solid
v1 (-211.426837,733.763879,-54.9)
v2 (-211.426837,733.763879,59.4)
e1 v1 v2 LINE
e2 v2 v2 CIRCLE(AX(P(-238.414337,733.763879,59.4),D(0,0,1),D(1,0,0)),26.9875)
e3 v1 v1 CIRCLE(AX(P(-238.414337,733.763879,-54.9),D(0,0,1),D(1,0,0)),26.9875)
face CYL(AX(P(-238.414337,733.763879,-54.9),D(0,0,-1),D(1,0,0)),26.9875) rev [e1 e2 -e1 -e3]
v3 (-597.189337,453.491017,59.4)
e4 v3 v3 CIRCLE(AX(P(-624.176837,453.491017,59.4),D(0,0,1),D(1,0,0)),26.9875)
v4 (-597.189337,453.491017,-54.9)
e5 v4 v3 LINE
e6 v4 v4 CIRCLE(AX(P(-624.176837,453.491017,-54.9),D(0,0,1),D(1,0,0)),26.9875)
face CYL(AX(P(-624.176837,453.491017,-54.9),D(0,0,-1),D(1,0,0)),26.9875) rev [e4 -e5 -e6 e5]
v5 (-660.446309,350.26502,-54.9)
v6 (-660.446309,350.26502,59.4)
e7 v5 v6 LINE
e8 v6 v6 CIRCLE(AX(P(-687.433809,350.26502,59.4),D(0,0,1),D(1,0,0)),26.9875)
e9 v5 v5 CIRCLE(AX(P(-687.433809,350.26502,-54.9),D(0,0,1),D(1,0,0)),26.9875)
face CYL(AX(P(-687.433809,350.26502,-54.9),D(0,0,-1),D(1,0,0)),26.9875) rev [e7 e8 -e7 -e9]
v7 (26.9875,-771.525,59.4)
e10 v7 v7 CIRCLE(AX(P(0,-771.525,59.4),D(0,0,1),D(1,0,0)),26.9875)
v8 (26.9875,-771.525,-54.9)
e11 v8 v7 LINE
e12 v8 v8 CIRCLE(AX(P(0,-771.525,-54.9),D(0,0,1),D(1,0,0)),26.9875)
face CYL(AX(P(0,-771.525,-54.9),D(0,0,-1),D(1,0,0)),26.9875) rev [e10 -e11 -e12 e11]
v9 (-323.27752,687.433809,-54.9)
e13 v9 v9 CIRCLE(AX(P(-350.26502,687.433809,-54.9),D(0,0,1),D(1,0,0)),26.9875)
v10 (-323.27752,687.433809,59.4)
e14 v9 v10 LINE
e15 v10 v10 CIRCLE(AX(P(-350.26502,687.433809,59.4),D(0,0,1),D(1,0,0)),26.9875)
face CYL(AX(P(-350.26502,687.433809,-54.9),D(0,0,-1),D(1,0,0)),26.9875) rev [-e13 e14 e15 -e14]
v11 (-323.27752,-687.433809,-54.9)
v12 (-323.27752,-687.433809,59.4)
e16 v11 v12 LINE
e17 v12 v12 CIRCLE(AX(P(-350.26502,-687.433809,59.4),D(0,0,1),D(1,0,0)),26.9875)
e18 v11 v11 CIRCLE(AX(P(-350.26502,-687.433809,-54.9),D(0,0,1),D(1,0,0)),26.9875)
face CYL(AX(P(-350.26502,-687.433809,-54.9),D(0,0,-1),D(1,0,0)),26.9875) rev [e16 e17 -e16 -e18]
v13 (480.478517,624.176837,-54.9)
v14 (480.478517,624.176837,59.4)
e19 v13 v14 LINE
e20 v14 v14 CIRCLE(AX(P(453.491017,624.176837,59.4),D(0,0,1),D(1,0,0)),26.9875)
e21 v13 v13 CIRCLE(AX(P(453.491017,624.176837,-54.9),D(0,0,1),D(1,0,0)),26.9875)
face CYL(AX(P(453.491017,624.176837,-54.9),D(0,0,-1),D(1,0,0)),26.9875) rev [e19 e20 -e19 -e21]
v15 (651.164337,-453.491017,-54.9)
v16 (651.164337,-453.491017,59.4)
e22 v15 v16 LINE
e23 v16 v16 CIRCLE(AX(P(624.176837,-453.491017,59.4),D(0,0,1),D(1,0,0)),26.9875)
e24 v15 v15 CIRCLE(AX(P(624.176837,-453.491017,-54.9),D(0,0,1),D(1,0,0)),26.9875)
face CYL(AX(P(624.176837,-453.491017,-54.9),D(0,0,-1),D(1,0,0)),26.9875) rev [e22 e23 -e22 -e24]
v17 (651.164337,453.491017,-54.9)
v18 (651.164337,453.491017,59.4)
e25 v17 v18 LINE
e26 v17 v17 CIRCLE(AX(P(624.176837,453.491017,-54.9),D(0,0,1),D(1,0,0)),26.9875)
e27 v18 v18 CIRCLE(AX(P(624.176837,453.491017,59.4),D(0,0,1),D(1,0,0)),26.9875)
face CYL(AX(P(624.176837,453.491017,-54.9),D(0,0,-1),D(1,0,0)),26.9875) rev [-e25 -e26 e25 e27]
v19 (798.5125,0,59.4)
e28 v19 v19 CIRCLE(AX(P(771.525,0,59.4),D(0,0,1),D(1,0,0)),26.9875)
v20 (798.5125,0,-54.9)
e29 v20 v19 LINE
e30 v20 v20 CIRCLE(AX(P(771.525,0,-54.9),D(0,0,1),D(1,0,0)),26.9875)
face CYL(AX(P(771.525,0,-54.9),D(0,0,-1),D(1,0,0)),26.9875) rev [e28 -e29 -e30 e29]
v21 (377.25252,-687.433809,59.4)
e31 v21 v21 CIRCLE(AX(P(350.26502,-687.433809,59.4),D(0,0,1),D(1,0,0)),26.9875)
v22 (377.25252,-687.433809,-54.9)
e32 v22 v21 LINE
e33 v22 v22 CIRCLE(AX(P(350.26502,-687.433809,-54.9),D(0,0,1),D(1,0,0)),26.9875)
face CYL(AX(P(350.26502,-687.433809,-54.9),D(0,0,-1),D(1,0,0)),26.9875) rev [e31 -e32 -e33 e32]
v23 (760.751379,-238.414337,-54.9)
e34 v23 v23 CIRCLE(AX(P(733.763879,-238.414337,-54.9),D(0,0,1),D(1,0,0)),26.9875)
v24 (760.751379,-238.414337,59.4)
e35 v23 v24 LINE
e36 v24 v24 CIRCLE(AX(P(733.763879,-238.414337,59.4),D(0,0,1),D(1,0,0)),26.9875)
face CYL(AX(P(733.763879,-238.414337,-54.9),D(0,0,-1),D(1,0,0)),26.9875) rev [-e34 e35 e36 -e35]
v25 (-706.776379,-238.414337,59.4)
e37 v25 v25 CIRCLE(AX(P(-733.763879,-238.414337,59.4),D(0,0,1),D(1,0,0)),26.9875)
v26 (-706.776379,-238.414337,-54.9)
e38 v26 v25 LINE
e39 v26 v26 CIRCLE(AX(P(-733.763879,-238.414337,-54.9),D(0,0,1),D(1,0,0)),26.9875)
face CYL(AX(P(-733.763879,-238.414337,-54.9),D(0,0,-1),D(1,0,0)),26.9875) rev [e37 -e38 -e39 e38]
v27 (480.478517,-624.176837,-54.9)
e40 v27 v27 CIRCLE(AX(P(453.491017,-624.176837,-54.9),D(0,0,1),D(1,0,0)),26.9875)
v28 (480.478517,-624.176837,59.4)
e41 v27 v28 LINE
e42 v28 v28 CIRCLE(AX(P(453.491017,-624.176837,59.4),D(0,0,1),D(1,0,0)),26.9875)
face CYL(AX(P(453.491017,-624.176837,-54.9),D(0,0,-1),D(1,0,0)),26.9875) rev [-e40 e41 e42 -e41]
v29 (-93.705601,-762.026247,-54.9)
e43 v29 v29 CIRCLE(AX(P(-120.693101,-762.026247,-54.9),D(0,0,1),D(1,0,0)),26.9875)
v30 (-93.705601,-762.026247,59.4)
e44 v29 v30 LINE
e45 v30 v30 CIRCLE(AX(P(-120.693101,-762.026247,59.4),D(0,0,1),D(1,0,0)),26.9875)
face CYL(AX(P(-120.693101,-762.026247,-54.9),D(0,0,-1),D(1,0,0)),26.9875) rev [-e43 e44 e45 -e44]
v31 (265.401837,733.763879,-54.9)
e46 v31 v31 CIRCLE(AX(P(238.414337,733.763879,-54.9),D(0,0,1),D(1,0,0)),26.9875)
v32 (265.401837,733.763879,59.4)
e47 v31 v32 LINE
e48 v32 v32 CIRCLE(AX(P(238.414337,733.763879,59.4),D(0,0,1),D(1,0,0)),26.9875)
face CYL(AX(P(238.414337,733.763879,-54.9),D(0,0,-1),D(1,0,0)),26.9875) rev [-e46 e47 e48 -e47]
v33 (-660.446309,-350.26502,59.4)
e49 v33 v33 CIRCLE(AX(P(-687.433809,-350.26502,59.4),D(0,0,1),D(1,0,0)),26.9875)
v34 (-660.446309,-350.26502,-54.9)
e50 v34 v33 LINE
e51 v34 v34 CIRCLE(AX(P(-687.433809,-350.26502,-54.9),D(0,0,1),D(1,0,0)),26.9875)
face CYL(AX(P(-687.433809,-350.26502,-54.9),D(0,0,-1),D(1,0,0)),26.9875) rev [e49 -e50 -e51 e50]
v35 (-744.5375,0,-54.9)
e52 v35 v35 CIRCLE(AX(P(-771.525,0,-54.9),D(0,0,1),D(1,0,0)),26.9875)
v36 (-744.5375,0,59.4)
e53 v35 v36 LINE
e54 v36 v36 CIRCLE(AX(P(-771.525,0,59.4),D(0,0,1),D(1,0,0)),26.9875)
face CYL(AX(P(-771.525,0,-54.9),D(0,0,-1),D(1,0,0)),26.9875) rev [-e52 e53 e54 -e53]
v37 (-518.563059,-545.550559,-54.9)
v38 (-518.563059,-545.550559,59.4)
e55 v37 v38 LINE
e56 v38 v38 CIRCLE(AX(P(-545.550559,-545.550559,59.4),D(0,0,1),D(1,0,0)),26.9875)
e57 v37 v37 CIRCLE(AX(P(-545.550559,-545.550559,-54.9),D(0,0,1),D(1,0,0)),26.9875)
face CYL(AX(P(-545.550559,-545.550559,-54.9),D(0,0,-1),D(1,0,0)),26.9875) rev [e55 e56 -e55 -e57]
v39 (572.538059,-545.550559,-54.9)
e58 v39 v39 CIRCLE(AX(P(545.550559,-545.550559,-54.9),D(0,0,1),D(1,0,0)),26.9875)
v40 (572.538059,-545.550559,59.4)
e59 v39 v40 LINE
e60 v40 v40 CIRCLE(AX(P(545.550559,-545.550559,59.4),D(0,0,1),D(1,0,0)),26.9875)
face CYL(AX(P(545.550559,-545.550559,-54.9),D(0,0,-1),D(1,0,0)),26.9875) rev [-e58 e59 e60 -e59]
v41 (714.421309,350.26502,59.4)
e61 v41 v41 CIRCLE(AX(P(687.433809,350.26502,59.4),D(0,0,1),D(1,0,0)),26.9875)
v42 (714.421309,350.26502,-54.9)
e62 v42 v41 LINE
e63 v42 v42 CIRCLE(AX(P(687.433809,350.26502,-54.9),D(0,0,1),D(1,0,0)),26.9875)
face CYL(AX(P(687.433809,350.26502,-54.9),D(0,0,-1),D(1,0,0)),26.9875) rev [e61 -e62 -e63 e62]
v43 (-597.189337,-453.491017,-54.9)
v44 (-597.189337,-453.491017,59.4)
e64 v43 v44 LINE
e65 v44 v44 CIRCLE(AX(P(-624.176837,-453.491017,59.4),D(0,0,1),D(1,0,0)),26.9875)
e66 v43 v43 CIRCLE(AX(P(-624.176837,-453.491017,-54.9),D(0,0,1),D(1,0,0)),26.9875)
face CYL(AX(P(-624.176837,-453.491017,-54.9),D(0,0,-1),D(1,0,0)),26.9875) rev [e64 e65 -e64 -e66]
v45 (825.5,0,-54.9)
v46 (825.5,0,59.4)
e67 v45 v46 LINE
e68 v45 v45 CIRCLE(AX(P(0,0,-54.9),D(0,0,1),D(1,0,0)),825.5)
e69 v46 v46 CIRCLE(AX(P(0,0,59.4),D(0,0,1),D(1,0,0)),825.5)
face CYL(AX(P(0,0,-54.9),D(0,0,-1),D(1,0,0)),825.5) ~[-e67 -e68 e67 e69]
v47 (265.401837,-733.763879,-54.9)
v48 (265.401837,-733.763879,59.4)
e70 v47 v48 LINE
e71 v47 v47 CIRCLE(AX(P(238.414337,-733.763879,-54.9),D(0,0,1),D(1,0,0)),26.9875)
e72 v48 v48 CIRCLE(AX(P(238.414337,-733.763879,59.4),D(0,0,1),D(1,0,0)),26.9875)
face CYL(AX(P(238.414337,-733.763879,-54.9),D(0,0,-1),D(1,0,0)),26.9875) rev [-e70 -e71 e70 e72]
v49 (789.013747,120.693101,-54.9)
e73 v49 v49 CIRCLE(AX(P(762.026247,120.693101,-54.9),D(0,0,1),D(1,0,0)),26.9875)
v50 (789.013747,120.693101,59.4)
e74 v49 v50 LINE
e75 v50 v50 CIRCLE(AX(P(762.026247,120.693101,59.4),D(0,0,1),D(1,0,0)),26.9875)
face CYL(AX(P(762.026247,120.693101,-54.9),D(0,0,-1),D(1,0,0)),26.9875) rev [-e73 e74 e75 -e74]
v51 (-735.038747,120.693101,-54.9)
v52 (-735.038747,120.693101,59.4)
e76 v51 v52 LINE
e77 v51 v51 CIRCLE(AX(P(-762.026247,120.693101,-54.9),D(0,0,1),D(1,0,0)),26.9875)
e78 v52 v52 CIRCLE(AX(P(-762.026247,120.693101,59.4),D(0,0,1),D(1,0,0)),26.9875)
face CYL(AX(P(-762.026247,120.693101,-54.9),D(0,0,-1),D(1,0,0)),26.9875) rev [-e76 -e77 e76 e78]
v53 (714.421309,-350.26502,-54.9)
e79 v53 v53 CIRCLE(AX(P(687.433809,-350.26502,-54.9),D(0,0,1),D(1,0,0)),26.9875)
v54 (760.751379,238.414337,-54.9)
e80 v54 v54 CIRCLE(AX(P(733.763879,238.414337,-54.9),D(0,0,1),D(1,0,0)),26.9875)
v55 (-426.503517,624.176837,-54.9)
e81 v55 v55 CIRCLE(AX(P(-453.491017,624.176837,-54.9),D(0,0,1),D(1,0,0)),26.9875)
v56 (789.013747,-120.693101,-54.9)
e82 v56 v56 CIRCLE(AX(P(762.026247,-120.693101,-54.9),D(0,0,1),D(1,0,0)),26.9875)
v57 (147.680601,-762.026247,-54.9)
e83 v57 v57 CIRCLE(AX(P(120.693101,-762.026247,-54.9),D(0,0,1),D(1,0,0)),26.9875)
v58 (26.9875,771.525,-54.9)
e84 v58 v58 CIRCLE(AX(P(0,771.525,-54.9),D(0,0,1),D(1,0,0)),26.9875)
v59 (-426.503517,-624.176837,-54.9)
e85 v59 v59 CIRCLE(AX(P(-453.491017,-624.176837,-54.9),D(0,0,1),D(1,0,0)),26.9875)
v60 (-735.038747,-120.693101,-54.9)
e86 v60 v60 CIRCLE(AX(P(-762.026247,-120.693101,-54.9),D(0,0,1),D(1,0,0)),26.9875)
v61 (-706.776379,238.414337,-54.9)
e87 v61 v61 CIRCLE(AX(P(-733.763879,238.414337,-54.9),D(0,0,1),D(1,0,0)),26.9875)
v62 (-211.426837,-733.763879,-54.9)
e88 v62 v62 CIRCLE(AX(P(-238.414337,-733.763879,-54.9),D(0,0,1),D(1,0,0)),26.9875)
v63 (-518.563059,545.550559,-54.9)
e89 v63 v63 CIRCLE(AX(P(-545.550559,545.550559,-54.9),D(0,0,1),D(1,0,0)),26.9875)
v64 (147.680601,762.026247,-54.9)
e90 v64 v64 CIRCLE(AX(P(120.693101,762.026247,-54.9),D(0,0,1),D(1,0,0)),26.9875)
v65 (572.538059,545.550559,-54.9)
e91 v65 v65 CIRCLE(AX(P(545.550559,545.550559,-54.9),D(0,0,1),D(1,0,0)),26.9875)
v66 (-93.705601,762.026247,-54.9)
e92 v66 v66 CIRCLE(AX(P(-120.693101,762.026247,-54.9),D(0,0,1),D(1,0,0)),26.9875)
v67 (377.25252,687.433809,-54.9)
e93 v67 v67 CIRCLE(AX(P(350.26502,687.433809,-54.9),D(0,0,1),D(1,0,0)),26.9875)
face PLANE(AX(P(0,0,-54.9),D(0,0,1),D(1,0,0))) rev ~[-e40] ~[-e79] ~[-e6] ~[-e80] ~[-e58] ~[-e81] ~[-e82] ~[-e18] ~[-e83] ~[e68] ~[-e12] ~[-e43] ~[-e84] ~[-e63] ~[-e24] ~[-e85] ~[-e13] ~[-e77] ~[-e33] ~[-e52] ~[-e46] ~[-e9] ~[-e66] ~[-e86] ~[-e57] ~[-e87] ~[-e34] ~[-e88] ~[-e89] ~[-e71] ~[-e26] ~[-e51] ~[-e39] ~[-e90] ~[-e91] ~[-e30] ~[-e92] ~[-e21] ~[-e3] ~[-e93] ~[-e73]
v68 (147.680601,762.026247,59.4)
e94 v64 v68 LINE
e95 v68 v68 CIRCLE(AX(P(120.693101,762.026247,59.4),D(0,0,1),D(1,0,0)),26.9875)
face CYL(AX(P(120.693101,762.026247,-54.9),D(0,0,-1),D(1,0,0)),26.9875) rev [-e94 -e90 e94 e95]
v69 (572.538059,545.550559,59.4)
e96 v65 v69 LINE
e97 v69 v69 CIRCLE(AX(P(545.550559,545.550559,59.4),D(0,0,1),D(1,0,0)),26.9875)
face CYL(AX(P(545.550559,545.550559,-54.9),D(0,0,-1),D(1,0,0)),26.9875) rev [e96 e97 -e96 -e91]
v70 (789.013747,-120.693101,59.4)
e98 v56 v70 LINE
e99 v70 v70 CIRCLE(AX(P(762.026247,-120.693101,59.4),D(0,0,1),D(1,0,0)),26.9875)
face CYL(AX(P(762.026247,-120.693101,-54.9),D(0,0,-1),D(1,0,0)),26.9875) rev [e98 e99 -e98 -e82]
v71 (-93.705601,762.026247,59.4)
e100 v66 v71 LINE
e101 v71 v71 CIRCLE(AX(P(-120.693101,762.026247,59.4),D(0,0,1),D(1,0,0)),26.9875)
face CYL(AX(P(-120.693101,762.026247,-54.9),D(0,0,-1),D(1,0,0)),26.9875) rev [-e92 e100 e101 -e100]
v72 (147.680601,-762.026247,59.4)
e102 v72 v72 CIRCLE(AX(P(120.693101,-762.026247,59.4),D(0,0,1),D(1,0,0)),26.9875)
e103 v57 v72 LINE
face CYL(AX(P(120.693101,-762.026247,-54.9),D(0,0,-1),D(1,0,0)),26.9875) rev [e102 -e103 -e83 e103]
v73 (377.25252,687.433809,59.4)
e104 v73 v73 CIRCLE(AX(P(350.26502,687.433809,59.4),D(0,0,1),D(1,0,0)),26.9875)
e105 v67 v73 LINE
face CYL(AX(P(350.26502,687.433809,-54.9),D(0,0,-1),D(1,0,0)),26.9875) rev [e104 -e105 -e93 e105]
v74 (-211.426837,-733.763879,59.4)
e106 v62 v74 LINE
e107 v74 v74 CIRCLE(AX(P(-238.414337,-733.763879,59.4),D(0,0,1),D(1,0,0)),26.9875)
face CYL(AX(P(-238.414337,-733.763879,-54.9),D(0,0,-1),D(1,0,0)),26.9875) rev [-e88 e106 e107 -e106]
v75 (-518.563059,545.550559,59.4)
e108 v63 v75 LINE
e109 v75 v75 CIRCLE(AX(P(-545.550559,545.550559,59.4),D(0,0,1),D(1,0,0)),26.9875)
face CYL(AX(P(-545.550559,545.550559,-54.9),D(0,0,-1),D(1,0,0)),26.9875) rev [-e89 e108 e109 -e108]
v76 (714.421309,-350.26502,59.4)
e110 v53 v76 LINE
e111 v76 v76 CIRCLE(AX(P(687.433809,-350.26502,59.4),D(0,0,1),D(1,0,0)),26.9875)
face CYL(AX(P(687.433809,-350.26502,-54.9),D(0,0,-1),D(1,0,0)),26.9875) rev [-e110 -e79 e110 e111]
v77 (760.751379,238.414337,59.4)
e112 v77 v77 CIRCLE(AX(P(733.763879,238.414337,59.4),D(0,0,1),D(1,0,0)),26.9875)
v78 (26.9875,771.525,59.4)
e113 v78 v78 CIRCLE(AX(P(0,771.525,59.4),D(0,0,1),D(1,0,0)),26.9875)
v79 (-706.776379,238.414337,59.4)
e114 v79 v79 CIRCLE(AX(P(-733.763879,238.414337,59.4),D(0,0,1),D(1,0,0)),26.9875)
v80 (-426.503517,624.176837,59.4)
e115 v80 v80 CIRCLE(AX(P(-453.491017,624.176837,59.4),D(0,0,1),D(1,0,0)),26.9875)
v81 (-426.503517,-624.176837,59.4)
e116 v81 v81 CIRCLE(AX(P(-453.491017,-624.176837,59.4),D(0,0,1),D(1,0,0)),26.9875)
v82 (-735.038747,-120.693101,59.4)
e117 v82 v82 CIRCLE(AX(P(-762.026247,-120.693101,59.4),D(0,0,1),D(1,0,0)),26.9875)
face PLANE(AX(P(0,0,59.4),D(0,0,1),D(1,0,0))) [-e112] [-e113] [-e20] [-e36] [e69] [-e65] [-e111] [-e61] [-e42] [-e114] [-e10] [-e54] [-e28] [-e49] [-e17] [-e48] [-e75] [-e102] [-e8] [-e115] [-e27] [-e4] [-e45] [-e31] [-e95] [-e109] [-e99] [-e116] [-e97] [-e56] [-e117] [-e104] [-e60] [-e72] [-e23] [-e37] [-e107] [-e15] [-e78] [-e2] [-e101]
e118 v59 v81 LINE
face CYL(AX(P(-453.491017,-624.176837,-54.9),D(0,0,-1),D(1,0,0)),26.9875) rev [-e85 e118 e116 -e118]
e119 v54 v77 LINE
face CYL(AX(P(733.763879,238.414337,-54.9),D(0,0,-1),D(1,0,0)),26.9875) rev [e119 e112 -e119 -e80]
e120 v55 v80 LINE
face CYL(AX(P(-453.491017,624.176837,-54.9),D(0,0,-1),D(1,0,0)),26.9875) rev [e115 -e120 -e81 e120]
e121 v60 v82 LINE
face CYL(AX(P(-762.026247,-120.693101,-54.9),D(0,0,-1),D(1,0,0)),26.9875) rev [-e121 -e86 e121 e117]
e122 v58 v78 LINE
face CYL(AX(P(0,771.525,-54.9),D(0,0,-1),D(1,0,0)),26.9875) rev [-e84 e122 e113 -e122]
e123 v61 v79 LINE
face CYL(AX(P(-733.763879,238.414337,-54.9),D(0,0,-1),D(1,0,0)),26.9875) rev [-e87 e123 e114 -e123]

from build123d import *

# Parameters (mm, degrees)
SKETCH1_R           = 32.5
SKETCH1_R_2         = 1.0625
BOSS_EXTRUDE1_DEPTH = 4.5
SCALE1_SCALE        = 25.4


with BuildPart() as part:
    # Sketch1 → Boss-Extrude1 (new body)
    with BuildSketch(Plane.XY):
        Circle(SKETCH1_R)
        with Locations((0, 30.375)):
            Circle(SKETCH1_R_2, mode=Mode.SUBTRACT)
        with Locations((4.751696876, 30.001033346)):
            Circle(SKETCH1_R_2, mode=Mode.SUBTRACT)
        with Locations((9.386391204, 28.888341682)):
            Circle(SKETCH1_R_2, mode=Mode.SUBTRACT)
        with Locations((13.78996143, 27.064323172)):
            Circle(SKETCH1_R_2, mode=Mode.SUBTRACT)
        with Locations((17.853977038, 24.573891204)):
            Circle(SKETCH1_R_2, mode=Mode.SUBTRACT)
        with Locations((21.478368479, 21.478368479)):
            Circle(SKETCH1_R_2, mode=Mode.SUBTRACT)
        with Locations((24.573891204, 17.853977038)):
            Circle(SKETCH1_R_2, mode=Mode.SUBTRACT)
        with Locations((27.064323172, 13.78996143)):
            Circle(SKETCH1_R_2, mode=Mode.SUBTRACT)
        with Locations((28.888341682, 9.386391204)):
            Circle(SKETCH1_R_2, mode=Mode.SUBTRACT)
        with Locations((30.001033346, 4.751696876)):
            Circle(SKETCH1_R_2, mode=Mode.SUBTRACT)
        with Locations((30.375, 0)):
            Circle(SKETCH1_R_2, mode=Mode.SUBTRACT)
        with Locations((30.001033346, -4.751696876)):
            Circle(SKETCH1_R_2, mode=Mode.SUBTRACT)
        with Locations((28.888341682, -9.386391204)):
            Circle(SKETCH1_R_2, mode=Mode.SUBTRACT)
        with Locations((27.064323172, -13.78996143)):
            Circle(SKETCH1_R_2, mode=Mode.SUBTRACT)
        with Locations((24.573891204, -17.853977038)):
            Circle(SKETCH1_R_2, mode=Mode.SUBTRACT)
        with Locations((21.478368479, -21.478368479)):
            Circle(SKETCH1_R_2, mode=Mode.SUBTRACT)
        with Locations((17.853977038, -24.573891204)):
            Circle(SKETCH1_R_2, mode=Mode.SUBTRACT)
        with Locations((13.78996143, -27.064323172)):
            Circle(SKETCH1_R_2, mode=Mode.SUBTRACT)
        with Locations((9.386391204, -28.888341682)):
            Circle(SKETCH1_R_2, mode=Mode.SUBTRACT)
        with Locations((4.751696876, -30.001033346)):
            Circle(SKETCH1_R_2, mode=Mode.SUBTRACT)
        with Locations((0, -30.375)):
            Circle(SKETCH1_R_2, mode=Mode.SUBTRACT)
        with Locations((-4.751696876, -30.001033346)):
            Circle(SKETCH1_R_2, mode=Mode.SUBTRACT)
        with Locations((-9.386391204, -28.888341682)):
            Circle(SKETCH1_R_2, mode=Mode.SUBTRACT)
        with Locations((-13.78996143, -27.064323172)):
            Circle(SKETCH1_R_2, mode=Mode.SUBTRACT)
        with Locations((-17.853977038, -24.573891204)):
            Circle(SKETCH1_R_2, mode=Mode.SUBTRACT)
        with Locations((-21.478368479, -21.478368479)):
            Circle(SKETCH1_R_2, mode=Mode.SUBTRACT)
        with Locations((-24.573891204, -17.853977038)):
            Circle(SKETCH1_R_2, mode=Mode.SUBTRACT)
        with Locations((-27.064323172, -13.78996143)):
            Circle(SKETCH1_R_2, mode=Mode.SUBTRACT)
        with Locations((-28.888341682, -9.386391204)):
            Circle(SKETCH1_R_2, mode=Mode.SUBTRACT)
        with Locations((-30.001033346, -4.751696876)):
            Circle(SKETCH1_R_2, mode=Mode.SUBTRACT)
        with Locations((-30.375, 0)):
            Circle(SKETCH1_R_2, mode=Mode.SUBTRACT)
        with Locations((-30.001033346, 4.751696876)):
            Circle(SKETCH1_R_2, mode=Mode.SUBTRACT)
        with Locations((-28.888341682, 9.386391204)):
            Circle(SKETCH1_R_2, mode=Mode.SUBTRACT)
        with Locations((-27.064323172, 13.78996143)):
            Circle(SKETCH1_R_2, mode=Mode.SUBTRACT)
        with Locations((-24.573891204, 17.853977038)):
            Circle(SKETCH1_R_2, mode=Mode.SUBTRACT)
        with Locations((-21.478368479, 21.478368479)):
            Circle(SKETCH1_R_2, mode=Mode.SUBTRACT)
        with Locations((-17.853977038, 24.573891204)):
            Circle(SKETCH1_R_2, mode=Mode.SUBTRACT)
        with Locations((-13.78996143, 27.064323172)):
            Circle(SKETCH1_R_2, mode=Mode.SUBTRACT)
        with Locations((-9.386391204, 28.888341682)):
            Circle(SKETCH1_R_2, mode=Mode.SUBTRACT)
        with Locations((-4.751696876, 30.001033346)):
            Circle(SKETCH1_R_2, mode=Mode.SUBTRACT)
    extrude(amount=BOSS_EXTRUDE1_DEPTH)


with BuildPart() as part_1:
    # Scale1: scaled about (0, 0, 2.25)
    add(part.part.scale(SCALE1_SCALE).moved(Location((0, 0, -54.9))))


solid = part_1.part
